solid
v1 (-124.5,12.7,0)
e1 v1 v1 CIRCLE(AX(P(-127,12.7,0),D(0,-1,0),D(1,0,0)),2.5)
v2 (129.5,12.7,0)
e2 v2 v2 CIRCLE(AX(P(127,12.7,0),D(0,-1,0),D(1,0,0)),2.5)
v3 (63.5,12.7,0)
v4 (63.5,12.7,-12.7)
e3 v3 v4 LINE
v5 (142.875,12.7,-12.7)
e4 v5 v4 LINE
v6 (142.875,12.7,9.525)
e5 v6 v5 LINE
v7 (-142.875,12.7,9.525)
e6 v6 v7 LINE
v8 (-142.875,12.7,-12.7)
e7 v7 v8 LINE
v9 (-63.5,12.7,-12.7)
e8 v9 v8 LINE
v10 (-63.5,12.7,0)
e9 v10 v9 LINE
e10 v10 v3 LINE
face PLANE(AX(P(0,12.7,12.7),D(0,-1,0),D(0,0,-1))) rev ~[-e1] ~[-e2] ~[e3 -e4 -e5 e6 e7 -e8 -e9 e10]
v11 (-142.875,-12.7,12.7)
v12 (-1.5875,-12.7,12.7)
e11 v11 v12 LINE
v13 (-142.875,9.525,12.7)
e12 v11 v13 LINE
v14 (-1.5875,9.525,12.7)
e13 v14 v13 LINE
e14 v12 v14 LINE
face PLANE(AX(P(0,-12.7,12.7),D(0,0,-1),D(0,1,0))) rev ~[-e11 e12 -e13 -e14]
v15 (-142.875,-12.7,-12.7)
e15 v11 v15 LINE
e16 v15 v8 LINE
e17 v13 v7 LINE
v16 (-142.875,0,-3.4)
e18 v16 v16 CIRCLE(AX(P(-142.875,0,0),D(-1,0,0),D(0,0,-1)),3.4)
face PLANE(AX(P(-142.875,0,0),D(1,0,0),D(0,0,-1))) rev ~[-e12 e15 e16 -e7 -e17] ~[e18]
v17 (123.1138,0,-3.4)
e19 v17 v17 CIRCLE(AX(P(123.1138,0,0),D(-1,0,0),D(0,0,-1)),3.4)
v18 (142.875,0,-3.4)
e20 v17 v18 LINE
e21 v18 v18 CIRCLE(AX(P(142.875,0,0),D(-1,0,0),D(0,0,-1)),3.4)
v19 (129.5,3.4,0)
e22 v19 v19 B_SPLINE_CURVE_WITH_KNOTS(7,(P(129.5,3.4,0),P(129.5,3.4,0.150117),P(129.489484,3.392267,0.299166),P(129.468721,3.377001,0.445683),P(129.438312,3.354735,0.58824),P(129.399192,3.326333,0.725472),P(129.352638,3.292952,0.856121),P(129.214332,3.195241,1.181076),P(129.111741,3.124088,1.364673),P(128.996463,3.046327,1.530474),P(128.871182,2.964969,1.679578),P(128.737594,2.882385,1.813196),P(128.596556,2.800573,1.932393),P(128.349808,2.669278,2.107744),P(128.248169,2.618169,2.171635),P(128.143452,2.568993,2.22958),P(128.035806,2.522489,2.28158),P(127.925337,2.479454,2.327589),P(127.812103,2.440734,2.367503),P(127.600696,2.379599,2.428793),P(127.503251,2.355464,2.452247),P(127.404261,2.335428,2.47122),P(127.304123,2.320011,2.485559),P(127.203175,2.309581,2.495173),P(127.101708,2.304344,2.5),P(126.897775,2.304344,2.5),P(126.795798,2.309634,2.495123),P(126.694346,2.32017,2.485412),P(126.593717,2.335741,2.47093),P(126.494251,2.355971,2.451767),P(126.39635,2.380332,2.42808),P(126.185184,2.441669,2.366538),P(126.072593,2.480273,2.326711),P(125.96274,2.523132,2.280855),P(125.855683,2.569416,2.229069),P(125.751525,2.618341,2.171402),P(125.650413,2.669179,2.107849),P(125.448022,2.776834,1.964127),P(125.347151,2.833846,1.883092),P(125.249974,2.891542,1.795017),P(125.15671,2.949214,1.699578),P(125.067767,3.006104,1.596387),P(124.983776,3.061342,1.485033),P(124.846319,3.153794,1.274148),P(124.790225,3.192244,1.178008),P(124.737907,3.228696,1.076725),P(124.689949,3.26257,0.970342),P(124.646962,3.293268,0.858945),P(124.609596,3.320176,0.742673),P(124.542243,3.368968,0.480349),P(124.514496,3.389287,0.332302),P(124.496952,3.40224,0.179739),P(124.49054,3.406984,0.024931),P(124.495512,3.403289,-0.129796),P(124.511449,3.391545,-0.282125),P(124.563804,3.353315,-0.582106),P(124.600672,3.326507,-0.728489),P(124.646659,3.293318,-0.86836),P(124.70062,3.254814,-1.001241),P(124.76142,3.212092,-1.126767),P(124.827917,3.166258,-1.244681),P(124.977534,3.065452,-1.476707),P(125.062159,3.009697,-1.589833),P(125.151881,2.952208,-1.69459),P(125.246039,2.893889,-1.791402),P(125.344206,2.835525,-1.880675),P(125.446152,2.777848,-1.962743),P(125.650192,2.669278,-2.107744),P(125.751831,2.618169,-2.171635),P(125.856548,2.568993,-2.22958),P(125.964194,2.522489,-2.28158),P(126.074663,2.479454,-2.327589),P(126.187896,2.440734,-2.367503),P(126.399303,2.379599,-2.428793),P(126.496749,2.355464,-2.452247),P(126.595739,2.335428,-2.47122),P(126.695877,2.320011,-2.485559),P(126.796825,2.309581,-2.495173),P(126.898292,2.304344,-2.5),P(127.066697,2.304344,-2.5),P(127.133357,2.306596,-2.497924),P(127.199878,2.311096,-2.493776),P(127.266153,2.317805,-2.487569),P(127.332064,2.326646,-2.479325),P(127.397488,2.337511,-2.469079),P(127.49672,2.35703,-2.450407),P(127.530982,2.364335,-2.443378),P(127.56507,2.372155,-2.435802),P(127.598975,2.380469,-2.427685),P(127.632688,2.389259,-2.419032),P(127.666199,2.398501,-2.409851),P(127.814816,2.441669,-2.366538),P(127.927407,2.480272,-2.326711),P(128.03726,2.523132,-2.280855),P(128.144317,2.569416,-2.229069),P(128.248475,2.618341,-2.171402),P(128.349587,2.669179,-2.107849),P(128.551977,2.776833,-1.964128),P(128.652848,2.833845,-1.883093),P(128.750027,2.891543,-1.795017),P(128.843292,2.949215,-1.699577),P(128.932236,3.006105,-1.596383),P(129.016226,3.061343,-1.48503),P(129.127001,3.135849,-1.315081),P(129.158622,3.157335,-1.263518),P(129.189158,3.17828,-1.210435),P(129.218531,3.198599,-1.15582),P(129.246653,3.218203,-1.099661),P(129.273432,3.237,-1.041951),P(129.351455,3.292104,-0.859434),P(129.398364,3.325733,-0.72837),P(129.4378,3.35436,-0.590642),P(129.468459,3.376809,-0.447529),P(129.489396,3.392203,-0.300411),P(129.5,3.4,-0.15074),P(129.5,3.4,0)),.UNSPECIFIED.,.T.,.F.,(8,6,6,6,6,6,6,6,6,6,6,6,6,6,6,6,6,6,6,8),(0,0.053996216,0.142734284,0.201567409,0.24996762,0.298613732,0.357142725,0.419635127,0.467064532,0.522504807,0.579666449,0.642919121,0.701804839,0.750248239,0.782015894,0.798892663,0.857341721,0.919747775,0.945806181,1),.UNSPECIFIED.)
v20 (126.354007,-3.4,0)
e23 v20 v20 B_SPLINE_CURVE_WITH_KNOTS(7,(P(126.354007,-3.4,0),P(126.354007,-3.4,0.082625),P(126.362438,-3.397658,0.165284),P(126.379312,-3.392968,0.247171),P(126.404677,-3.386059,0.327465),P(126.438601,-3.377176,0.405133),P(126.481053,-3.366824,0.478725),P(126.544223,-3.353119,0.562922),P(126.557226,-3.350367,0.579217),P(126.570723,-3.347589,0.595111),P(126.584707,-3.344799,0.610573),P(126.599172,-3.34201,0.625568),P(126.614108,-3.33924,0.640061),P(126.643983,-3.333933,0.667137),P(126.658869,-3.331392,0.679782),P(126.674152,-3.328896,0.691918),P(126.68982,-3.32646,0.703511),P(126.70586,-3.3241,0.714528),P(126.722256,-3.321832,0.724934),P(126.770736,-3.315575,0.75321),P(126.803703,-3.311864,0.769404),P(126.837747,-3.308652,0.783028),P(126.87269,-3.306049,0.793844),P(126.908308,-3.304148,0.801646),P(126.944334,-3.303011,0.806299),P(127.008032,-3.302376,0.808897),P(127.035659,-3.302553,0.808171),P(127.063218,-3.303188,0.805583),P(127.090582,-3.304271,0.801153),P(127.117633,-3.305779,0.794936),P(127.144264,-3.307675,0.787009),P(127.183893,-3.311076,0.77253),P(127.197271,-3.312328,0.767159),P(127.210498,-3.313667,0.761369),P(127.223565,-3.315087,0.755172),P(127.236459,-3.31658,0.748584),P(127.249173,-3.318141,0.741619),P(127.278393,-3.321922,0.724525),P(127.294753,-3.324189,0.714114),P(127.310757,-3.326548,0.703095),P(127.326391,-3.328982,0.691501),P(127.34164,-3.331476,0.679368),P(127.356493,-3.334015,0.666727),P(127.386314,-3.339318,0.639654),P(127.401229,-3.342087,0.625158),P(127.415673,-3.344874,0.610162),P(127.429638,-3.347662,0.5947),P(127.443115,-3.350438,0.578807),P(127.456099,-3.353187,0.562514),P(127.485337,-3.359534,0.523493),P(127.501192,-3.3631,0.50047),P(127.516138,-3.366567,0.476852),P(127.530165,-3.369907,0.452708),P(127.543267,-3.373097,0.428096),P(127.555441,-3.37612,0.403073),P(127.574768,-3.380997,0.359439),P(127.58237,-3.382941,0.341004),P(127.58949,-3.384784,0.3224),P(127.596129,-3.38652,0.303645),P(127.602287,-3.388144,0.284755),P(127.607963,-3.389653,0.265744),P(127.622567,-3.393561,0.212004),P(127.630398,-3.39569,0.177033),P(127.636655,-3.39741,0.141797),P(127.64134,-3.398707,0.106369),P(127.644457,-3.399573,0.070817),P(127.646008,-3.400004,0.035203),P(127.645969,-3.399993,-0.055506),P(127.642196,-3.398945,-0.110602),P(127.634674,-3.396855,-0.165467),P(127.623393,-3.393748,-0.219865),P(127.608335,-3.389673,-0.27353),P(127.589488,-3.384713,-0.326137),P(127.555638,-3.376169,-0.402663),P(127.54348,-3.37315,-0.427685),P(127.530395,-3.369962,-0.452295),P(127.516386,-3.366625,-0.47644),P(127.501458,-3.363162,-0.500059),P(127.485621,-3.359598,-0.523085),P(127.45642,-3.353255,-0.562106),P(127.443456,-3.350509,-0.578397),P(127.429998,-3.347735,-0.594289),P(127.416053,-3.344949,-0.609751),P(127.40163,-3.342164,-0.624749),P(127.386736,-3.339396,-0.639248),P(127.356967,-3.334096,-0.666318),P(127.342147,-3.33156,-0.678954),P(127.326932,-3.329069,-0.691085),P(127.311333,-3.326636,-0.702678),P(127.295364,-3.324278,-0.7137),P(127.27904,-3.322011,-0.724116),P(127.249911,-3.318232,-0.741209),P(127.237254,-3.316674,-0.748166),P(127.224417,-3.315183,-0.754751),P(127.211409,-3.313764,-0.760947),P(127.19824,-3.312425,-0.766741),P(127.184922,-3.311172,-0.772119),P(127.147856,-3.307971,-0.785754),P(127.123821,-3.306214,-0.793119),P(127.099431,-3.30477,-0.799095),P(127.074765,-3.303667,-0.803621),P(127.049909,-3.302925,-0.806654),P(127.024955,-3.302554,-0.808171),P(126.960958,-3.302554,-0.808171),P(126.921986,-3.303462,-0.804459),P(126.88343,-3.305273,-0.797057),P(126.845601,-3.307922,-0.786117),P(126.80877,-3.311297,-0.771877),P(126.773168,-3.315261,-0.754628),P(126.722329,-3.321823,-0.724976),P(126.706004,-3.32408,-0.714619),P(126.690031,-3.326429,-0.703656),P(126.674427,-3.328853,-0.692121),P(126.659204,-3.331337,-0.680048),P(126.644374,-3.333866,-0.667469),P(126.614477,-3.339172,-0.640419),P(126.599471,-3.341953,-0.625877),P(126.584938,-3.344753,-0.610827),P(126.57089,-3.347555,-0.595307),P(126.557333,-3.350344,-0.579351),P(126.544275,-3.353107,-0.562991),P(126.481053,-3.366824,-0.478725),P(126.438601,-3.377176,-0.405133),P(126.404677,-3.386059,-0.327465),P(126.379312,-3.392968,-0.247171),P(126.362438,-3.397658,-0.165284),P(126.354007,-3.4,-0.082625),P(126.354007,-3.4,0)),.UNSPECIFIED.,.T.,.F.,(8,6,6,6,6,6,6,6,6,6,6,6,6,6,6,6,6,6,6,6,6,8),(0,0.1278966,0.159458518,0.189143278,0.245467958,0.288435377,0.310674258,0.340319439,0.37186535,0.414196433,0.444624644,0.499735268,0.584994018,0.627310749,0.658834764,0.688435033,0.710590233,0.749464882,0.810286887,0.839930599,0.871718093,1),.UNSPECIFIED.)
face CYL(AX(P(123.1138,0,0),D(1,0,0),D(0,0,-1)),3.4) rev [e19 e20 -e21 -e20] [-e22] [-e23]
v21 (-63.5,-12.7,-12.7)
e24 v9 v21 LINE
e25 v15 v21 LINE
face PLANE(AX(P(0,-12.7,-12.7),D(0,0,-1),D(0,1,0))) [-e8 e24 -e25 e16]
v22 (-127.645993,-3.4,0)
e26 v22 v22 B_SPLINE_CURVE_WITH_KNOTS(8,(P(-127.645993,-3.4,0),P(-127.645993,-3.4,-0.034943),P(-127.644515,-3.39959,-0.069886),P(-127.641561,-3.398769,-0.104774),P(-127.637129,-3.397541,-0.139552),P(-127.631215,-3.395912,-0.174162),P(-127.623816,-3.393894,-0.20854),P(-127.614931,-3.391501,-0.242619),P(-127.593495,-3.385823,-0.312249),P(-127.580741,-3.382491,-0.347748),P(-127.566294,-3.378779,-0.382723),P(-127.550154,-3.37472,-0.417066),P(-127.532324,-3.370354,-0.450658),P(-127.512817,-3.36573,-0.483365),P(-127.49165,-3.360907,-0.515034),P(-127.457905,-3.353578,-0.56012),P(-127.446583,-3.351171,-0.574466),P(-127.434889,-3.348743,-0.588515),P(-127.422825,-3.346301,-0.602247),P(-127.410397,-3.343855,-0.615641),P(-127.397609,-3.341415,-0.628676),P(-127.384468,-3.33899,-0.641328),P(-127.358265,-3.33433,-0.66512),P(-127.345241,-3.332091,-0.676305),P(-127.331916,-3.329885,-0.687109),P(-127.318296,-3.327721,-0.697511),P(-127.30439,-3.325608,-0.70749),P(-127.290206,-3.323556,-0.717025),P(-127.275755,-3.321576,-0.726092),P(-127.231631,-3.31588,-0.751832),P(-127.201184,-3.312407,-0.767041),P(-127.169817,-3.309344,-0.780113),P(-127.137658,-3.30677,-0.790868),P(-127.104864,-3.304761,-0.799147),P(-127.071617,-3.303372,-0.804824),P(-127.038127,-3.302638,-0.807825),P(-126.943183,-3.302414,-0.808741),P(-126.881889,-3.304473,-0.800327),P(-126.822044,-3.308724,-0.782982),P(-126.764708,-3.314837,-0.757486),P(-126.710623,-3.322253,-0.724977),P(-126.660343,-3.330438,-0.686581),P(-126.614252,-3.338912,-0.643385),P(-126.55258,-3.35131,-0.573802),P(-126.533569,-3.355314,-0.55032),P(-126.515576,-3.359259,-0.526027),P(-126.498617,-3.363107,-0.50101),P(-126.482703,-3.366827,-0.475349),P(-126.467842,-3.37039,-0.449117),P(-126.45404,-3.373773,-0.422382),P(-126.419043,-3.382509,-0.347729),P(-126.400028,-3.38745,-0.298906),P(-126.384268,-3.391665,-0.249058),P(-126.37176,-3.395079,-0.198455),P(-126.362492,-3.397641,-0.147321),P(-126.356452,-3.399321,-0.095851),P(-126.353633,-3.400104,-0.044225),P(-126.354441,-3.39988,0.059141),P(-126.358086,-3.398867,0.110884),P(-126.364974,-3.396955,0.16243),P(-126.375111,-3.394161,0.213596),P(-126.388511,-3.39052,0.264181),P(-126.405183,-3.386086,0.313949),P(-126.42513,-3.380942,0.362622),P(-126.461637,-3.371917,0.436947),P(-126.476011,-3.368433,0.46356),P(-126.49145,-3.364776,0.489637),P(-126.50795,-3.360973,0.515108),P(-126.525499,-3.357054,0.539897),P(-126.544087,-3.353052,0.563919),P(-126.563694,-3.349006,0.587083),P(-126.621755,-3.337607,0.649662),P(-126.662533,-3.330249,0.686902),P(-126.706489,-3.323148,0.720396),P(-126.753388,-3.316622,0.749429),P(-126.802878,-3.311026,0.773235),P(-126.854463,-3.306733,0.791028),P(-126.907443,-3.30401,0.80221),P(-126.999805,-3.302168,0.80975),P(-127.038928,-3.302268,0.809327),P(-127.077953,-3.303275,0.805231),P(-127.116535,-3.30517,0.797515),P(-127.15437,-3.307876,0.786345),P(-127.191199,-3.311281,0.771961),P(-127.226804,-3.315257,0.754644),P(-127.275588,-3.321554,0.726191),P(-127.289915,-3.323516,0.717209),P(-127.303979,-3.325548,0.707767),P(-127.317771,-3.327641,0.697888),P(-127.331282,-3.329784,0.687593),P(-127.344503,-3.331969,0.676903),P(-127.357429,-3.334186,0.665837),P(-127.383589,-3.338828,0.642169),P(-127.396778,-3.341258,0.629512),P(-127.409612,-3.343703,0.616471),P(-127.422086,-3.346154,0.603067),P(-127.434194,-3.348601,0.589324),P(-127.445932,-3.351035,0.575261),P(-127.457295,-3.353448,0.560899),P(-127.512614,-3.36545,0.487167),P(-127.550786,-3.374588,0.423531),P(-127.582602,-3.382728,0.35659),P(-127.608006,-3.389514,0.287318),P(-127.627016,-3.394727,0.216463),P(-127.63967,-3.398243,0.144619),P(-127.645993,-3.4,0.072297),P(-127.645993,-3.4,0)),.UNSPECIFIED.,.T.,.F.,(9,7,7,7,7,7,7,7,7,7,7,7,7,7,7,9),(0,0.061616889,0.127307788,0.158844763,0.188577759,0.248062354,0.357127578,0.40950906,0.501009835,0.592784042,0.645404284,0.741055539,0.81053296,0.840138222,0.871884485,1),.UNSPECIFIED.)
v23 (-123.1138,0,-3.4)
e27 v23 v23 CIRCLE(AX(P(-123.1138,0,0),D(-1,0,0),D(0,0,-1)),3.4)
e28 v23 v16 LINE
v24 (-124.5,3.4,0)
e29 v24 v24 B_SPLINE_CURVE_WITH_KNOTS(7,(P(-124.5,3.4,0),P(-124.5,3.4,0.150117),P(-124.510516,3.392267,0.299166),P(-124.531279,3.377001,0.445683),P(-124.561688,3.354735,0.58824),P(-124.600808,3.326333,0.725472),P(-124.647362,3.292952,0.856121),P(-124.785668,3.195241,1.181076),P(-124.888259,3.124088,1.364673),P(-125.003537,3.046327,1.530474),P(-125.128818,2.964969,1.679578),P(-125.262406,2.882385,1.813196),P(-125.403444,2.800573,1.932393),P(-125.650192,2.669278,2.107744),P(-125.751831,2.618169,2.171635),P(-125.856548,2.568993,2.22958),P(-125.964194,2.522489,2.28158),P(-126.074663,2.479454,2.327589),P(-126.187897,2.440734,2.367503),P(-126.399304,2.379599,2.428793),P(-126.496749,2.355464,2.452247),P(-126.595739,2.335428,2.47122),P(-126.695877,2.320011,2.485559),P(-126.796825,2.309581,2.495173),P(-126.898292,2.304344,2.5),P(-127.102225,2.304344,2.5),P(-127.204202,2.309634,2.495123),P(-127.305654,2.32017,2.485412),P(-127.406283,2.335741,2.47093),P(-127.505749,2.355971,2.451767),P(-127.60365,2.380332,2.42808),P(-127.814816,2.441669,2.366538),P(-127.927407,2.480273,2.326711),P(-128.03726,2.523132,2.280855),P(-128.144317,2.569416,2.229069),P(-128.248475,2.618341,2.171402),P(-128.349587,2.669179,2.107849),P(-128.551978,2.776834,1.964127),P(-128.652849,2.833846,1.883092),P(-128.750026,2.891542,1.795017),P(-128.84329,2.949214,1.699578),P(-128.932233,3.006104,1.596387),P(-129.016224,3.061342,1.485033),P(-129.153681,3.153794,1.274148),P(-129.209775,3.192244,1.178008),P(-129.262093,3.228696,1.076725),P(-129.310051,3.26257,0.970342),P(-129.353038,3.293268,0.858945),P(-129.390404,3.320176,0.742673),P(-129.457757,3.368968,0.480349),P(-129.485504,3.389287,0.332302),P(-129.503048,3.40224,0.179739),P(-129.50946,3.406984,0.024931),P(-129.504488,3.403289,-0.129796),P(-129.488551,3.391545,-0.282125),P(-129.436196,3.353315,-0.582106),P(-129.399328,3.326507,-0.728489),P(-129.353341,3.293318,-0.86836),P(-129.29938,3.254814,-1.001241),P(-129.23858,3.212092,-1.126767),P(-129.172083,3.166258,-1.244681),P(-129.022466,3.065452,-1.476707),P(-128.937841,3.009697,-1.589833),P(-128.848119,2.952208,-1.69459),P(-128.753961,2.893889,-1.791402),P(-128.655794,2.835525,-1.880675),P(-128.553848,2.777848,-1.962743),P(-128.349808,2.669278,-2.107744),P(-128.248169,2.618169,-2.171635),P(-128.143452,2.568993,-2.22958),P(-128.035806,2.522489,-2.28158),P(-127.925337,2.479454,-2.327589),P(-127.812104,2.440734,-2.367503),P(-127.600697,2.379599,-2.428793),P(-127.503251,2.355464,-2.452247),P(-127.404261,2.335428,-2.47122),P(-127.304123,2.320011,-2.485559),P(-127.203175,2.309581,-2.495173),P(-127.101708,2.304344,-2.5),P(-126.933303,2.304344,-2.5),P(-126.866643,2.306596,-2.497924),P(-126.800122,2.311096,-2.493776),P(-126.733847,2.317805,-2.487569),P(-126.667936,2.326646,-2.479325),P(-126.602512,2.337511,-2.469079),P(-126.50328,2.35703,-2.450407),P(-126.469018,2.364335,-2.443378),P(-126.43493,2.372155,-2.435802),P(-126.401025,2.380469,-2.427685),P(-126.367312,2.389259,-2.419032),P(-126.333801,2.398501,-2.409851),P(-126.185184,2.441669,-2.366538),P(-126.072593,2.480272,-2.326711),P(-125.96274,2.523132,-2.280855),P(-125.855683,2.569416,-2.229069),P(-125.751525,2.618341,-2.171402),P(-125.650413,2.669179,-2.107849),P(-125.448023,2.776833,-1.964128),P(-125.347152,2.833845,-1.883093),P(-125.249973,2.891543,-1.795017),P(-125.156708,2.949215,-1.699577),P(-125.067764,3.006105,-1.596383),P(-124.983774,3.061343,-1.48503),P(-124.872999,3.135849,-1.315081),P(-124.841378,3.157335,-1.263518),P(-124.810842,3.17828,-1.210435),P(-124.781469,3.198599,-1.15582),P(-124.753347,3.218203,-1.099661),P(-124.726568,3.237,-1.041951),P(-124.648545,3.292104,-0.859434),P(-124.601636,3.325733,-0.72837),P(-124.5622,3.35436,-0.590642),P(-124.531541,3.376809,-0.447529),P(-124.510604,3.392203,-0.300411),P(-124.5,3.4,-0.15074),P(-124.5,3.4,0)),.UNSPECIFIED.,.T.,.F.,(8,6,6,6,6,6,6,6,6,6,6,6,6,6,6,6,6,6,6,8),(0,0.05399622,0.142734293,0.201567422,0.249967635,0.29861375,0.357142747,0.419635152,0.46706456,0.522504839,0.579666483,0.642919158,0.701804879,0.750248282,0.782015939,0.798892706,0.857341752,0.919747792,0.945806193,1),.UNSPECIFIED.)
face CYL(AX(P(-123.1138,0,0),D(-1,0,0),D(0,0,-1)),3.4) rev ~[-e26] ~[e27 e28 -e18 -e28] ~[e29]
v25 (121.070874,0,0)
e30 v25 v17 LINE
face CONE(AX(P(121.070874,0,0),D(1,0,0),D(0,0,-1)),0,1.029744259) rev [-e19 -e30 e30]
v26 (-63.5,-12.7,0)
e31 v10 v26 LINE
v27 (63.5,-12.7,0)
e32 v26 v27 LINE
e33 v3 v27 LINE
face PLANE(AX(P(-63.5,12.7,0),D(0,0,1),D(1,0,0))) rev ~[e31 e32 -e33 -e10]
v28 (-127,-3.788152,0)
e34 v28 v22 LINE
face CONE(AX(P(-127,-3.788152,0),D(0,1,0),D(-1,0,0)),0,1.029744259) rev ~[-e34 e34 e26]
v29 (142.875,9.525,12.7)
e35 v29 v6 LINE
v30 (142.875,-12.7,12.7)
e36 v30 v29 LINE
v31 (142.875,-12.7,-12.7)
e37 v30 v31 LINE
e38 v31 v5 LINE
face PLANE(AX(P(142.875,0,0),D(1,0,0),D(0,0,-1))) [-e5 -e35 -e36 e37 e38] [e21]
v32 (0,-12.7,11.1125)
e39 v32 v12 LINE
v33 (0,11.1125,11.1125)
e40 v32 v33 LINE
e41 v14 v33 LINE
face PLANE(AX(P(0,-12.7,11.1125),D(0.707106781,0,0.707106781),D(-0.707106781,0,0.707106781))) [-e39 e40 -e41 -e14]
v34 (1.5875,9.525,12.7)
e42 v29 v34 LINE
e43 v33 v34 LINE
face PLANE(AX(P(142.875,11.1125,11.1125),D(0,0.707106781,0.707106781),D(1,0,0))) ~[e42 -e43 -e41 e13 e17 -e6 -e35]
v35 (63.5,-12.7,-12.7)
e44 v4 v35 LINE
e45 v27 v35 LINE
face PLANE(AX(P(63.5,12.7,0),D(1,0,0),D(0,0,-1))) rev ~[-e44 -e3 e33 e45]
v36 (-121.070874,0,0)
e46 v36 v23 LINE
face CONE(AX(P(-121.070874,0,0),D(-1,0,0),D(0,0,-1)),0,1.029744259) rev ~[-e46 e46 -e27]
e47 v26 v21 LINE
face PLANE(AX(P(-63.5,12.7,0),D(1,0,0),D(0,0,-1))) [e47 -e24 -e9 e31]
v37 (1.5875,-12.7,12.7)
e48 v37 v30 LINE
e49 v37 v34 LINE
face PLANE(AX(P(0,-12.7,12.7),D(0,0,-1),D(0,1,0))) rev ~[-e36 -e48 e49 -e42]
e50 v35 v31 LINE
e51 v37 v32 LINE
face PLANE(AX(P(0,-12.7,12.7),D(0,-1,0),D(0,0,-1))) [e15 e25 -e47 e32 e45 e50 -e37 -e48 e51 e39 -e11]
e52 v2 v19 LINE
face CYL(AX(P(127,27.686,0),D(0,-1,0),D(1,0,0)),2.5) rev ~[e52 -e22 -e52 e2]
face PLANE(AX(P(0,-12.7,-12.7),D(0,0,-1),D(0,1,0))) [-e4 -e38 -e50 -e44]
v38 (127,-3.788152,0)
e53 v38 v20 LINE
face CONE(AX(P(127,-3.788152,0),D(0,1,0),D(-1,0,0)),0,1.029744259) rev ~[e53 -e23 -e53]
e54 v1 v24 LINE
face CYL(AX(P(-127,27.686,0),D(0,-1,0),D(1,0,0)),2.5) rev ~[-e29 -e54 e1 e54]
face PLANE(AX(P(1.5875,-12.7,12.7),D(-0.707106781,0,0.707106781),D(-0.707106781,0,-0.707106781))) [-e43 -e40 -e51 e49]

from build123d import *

# Parameters (mm, degrees)
SKETCH1_W                 = 25.4
SKETCH1_H                 = 25.4
EXTRUDE1_DEPTH            = 142.875
CHAMFER1_SIZE             = 3.175
M6X1_0_TAPPED_HOLE1_D     = 5
M6X1_0_TAPPED_HOLE1_DEPTH = 14.986
M6X1_0_TAPPED_HOLE1_TIP   = 1.502151548
CUT_EXTRUDE1_REACH        = 27.4
SKETCH10_W                = 127
SKETCH10_H                = 12.7
CUT_EXTRUDE2_REACH        = 27.4


with BuildPart() as part:
    # Sketch1 → Extrude1 (new body, symmetric)
    with BuildSketch(Plane(origin=(0, 0, 0), x_dir=(0, 0, -1), z_dir=(1, 0, 0))):
        Rectangle(SKETCH1_W, SKETCH1_H)
    extrude(amount=EXTRUDE1_DEPTH, both=True)

    # Sketch2 → M8x1.25 Tapped Hole1 (revolve, cut)
    with BuildSketch(Plane(origin=(142.875, 0, 0), x_dir=(0, 0, -1), z_dir=(0, 1, 0))):
        Polygon((0, 0), (0, 21.804126105), (3.4, 19.7612), (3.4, 0), align=None)
    m8x1_25_tapped_hole1 = revolve(axis=Axis((149.225, 0, 0), (-1, 0, 0)), mode=Mode.SUBTRACT)

    # Mirror1: M8x1.25 Tapped Hole1 across plane
    add(m8x1_25_tapped_hole1.mirror(Plane(origin=(0, 0, 0), x_dir=(0, 0, 1), z_dir=(1, 0, 0))), mode=Mode.SUBTRACT)

    # Chamfer1
    chamfer1_edges = [part.edges().sort_by_distance(p)[0] for p in [
        (0, 12.7, 12.7),
    ]]
    chamfer(chamfer1_edges, length=CHAMFER1_SIZE)

    # M6x1.0 Tapped Hole1
    with Locations(Plane(origin=(0, 12.7, 0), x_dir=(-1, 0, 0), z_dir=(0, 1, 0))):
        with Locations((127, 0), (-127, 0)):
            Hole(M6X1_0_TAPPED_HOLE1_D / 2, depth=M6X1_0_TAPPED_HOLE1_DEPTH)
            with Locations((0, 0, -(M6X1_0_TAPPED_HOLE1_DEPTH + M6X1_0_TAPPED_HOLE1_TIP / 2))):  # 118° drill point
                Cone(0, M6X1_0_TAPPED_HOLE1_D / 2, M6X1_0_TAPPED_HOLE1_TIP, mode=Mode.SUBTRACT)

    # Sketch10 → Cut-Extrude1 (cut, up to next)
    with BuildSketch(Plane(origin=(0, 12.7, 0), x_dir=(1, 0, 0), z_dir=(0, 1, 0)), mode=Mode.PRIVATE) as cut_extrude1_sk1:
        with Locations((0, 6.35)):
            Rectangle(SKETCH10_W, SKETCH10_H)
    cut_extrude1_tool1 = extrude(cut_extrude1_sk1.sketch, amount=-CUT_EXTRUDE1_REACH, mode=Mode.PRIVATE) & part.part
    add(cut_extrude1_tool1.solids().sort_by_distance((0, 12.7, -6.35))[0], mode=Mode.SUBTRACT)

    # Sketch11 → Cut-Extrude2 (cut, up to next)
    with BuildSketch(Plane.XZ.offset(12.7), mode=Mode.PRIVATE) as cut_extrude2_sk1:
        Polygon((-1.5875, 12.7), (1.5875, 12.7), (0, 11.1125), align=None)
    cut_extrude2_tool1 = extrude(cut_extrude2_sk1.sketch, amount=-CUT_EXTRUDE2_REACH, mode=Mode.PRIVATE) & part.part
    add(cut_extrude2_tool1.solids().sort_by_distance((0, -12.7, 12.170833))[0], mode=Mode.SUBTRACT)


solid = part.part
